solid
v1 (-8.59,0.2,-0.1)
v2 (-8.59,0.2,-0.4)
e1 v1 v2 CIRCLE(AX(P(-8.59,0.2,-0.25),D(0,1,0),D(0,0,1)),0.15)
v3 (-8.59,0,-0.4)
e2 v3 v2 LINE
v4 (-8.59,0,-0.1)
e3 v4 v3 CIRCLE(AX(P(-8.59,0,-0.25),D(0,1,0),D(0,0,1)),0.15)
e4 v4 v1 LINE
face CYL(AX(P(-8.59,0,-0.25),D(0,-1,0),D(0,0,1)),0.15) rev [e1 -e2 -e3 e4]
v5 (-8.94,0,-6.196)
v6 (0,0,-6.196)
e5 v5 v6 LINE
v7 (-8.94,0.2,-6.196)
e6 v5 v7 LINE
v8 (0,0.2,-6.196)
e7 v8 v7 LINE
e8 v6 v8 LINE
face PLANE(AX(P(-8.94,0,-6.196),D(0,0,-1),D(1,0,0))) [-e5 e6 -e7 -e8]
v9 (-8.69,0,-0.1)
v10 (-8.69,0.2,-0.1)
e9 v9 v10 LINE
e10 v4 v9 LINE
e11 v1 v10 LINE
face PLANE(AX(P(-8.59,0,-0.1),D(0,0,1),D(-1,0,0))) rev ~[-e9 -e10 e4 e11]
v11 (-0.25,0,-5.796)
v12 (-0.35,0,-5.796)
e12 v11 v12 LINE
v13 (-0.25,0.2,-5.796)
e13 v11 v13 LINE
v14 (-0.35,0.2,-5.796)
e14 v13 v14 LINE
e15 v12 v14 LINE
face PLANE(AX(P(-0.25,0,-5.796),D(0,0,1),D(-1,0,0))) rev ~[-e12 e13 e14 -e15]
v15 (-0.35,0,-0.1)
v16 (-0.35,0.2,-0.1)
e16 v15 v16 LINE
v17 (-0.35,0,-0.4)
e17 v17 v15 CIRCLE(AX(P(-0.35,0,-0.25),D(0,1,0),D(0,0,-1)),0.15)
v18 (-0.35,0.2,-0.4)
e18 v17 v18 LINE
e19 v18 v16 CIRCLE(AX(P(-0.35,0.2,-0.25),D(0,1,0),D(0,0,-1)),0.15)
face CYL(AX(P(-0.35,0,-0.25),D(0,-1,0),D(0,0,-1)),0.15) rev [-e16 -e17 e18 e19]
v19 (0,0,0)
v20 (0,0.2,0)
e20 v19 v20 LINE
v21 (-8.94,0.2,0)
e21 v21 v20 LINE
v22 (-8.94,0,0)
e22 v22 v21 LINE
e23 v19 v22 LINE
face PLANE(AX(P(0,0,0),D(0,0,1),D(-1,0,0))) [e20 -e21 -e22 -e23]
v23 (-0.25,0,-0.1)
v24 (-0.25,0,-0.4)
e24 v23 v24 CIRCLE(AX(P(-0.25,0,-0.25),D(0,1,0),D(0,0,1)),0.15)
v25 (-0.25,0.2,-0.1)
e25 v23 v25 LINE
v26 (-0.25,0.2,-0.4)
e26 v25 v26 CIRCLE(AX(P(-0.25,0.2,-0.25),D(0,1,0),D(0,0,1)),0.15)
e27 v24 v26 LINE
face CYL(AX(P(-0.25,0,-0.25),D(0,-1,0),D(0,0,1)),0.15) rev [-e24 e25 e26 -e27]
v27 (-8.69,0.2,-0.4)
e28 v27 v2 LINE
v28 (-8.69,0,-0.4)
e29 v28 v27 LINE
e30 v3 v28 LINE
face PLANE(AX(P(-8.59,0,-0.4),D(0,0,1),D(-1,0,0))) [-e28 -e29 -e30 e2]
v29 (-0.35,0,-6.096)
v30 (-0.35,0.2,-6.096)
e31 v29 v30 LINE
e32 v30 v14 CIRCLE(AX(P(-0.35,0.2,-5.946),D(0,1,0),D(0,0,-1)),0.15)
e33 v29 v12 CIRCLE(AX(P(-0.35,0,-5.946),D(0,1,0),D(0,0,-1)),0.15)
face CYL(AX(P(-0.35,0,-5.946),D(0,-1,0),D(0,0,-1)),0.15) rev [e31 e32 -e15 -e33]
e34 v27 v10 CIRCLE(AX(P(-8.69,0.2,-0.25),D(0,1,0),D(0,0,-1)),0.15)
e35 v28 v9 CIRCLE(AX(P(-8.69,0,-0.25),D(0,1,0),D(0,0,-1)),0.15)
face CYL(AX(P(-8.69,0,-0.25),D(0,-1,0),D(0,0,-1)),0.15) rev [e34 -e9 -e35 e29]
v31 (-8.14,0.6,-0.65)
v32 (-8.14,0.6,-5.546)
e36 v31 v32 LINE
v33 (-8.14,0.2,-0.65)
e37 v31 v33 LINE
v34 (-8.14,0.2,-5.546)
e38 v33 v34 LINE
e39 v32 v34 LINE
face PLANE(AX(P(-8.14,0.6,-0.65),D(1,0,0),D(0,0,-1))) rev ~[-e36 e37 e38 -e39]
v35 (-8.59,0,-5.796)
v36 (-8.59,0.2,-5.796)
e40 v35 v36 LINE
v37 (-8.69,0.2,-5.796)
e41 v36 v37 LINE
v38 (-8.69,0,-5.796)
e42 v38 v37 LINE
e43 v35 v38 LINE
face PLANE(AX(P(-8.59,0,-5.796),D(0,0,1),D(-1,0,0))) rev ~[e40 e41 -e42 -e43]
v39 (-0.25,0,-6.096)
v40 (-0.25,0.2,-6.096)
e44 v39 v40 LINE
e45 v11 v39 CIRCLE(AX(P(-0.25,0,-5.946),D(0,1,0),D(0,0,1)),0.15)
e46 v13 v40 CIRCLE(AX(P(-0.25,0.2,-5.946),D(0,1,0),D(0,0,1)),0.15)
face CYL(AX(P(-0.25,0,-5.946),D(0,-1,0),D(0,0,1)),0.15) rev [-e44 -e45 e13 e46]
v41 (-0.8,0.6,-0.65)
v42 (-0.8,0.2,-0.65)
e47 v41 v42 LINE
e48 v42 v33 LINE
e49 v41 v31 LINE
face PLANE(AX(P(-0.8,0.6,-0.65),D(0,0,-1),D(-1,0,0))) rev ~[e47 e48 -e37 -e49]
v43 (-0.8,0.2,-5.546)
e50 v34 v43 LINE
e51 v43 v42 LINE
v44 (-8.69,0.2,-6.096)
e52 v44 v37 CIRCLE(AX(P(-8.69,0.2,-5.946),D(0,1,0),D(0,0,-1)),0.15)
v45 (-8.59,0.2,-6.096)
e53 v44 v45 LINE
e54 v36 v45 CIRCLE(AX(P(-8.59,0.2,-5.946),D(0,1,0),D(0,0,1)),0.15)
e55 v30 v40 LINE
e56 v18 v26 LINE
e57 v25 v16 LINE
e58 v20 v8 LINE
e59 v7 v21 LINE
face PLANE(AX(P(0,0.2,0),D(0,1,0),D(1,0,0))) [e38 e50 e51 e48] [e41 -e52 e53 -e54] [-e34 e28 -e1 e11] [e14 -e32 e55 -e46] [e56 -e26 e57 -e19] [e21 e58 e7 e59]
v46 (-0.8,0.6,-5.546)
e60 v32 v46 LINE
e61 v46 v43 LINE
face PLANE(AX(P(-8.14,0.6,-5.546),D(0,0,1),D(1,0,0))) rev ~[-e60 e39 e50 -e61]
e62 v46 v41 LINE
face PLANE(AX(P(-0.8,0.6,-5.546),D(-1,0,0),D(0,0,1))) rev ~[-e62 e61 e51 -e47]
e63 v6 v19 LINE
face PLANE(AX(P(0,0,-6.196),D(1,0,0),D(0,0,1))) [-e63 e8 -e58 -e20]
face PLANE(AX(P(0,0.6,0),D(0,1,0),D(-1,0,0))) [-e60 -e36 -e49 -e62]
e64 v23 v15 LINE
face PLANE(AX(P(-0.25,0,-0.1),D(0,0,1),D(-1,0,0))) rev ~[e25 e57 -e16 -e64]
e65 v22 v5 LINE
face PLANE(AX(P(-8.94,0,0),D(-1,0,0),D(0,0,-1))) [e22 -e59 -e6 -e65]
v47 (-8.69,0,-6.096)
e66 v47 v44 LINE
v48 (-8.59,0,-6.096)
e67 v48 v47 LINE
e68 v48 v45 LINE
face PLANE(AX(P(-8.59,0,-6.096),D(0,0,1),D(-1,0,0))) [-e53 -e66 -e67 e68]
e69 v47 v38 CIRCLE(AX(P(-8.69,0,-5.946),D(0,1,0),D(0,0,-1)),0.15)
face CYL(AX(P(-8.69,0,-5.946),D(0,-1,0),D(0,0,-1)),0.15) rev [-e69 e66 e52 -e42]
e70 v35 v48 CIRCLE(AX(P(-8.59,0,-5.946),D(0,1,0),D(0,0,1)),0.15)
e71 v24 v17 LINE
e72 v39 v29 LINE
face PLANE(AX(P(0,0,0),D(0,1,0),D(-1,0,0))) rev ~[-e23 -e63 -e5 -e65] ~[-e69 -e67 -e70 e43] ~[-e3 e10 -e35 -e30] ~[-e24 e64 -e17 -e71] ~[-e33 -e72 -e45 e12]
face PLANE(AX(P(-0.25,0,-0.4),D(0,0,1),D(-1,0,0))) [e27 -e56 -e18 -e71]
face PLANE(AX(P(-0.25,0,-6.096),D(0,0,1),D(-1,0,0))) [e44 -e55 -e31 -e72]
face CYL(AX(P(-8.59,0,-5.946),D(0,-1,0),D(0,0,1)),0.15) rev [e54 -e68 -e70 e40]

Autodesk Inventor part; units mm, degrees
ref_plane "YZ Plane" through (0, 0, 0) normal (1, 0, 0) x (0, 1, 0)
ref_plane "XZ Plane" through (0, 0, 0) normal (0, 1, 0) x (-1, 0, 0)
sketch "Boceto6" plane through (0, 0, 0) normal (0, 1, 0) x (-1, 0, 0)
  line L0 (0, 0) -> (8.94, 0)
  line L1 (8.94, 0) -> (8.94, -6.196)
  line L2 (8.94, -6.196) -> (0, -6.196)
  line L3 (0, -6.196) -> (0, 0)
  arc A0 (0.25, -0.1) -> (0.25, -0.4) centre (0.25, -0.25) ccw
  arc A1 (0.35, -0.4) -> (0.35, -0.1) centre (0.35, -0.25) ccw
  line L4 (0.25, -0.4) -> (0.35, -0.4)
  line L5 (0.25, -0.1) -> (0.35, -0.1)
  arc A2 (8.59, -0.1) -> (8.59, -0.4) centre (8.59, -0.25) ccw
  arc A3 (8.69, -0.4) -> (8.69, -0.1) centre (8.69, -0.25) ccw
  line L6 (8.59, -0.4) -> (8.69, -0.4)
  line L7 (8.59, -0.1) -> (8.69, -0.1)
  arc A4 (0.25, -5.796) -> (0.25, -6.096) centre (0.25, -5.946) ccw
  arc A5 (0.35, -6.096) -> (0.35, -5.796) centre (0.35, -5.946) ccw
  line L8 (0.25, -6.096) -> (0.35, -6.096)
  line L9 (0.25, -5.796) -> (0.35, -5.796)
  arc A6 (8.59, -5.796) -> (8.59, -6.096) centre (8.59, -5.946) ccw
  arc A7 (8.69, -6.096) -> (8.69, -5.796) centre (8.69, -5.946) ccw
  line L10 (8.59, -6.096) -> (8.69, -6.096)
  line L11 (8.59, -5.796) -> (8.69, -5.796)
extrude "Extrusión4" add sketch "Boceto6" along normal blind 0.6
sketch "Boceto7" plane through (0, 0.6, 0) normal (0, 1, 0) x (1, 0, 0)
  line L0 (-8.59, 5.796) -> (-8.69, 5.796) projected
  arc A0 (-8.69, 6.096) -> (-8.69, 5.796) centre (-8.69, 5.946) ccw projected
  line L1 (-8.69, 6.096) -> (-8.59, 6.096) projected
  arc A1 (-8.59, 5.796) -> (-8.59, 6.096) centre (-8.59, 5.946) ccw projected
  line L2 (-0.25, 5.796) -> (-0.35, 5.796) projected
  arc A2 (-0.35, 6.096) -> (-0.35, 5.796) centre (-0.35, 5.946) ccw projected
  line L3 (-0.35, 6.096) -> (-0.25, 6.096) projected
  arc A3 (-0.25, 5.796) -> (-0.25, 6.096) centre (-0.25, 5.946) ccw projected
  line L4 (-8.59, 0.1) -> (-8.69, 0.1) projected
  arc A4 (-8.69, 0.4) -> (-8.69, 0.1) centre (-8.69, 0.25) ccw projected
  line L5 (-8.69, 0.4) -> (-8.59, 0.4) projected
  arc A5 (-8.59, 0.1) -> (-8.59, 0.4) centre (-8.59, 0.25) ccw projected
  line L6 (-0.25, 0.1) -> (-0.35, 0.1) projected
  arc A6 (-0.35, 0.4) -> (-0.35, 0.1) centre (-0.35, 0.25) ccw projected
  line L7 (-0.35, 0.4) -> (-0.25, 0.4) projected
  arc A7 (-0.25, 0.1) -> (-0.25, 0.4) centre (-0.25, 0.25) ccw projected
  line L8 (-8.94, 0) -> (0, 0) projected
  line L9 (0, 0) -> (0, 6.196) projected
  line L10 (0, 6.196) -> (-8.94, 6.196) projected
  line L11 (-8.94, 6.196) -> (-8.94, 0) projected
  line L12 (-8.94, 6.196) -> (0, 6.196) projected
  line L13 (0, 0) -> (0, 6.196) projected
  line L14 (-0.8, 5.546) -> (-0.8, 0.65)
  line L15 (-0.8, 0.65) -> (-8.14, 0.65)
  line L16 (-8.14, 0.65) -> (-8.14, 5.546)
  line L17 (-8.14, 5.546) -> (-0.8, 5.546)
extrude "Extrusión5" cut sketch "Boceto7" against normal blind 0.4
ref_plane "Plano de trabajo2" through (0, 2.3, 0) normal (0, 1, 0) x (1, 0, 0)
sketch "Boceto9" plane through (0, 2.3, 0) normal (0, 1, 0) x (1, 0, 0)
  line L0 (-8.4305, 5.546) -> (-0.2383, 5.546) construction
  line L1 (-0.2383, 5.546) -> (-0.2383, 0.5947) construction
  line L2 (-0.2383, 0.5947) -> (-8.4305, 0.5947) construction
  line L3 (-8.4305, 0.5947) -> (-8.4305, 5.546) construction
  line L4 (-0.8, 5.546) -> (-8.14, 5.546) projected
  line L5 (-8.14, 5.546) -> (-8.14, 0.65) projected
  line L6 (-8.14, 0.65) -> (-0.8, 0.65) projected
  line L7 (-0.8, 0.65) -> (-0.8, 5.546) projected
  point P0 (0, 0)
decal "Calcomanía1"
properties part number "screen"
